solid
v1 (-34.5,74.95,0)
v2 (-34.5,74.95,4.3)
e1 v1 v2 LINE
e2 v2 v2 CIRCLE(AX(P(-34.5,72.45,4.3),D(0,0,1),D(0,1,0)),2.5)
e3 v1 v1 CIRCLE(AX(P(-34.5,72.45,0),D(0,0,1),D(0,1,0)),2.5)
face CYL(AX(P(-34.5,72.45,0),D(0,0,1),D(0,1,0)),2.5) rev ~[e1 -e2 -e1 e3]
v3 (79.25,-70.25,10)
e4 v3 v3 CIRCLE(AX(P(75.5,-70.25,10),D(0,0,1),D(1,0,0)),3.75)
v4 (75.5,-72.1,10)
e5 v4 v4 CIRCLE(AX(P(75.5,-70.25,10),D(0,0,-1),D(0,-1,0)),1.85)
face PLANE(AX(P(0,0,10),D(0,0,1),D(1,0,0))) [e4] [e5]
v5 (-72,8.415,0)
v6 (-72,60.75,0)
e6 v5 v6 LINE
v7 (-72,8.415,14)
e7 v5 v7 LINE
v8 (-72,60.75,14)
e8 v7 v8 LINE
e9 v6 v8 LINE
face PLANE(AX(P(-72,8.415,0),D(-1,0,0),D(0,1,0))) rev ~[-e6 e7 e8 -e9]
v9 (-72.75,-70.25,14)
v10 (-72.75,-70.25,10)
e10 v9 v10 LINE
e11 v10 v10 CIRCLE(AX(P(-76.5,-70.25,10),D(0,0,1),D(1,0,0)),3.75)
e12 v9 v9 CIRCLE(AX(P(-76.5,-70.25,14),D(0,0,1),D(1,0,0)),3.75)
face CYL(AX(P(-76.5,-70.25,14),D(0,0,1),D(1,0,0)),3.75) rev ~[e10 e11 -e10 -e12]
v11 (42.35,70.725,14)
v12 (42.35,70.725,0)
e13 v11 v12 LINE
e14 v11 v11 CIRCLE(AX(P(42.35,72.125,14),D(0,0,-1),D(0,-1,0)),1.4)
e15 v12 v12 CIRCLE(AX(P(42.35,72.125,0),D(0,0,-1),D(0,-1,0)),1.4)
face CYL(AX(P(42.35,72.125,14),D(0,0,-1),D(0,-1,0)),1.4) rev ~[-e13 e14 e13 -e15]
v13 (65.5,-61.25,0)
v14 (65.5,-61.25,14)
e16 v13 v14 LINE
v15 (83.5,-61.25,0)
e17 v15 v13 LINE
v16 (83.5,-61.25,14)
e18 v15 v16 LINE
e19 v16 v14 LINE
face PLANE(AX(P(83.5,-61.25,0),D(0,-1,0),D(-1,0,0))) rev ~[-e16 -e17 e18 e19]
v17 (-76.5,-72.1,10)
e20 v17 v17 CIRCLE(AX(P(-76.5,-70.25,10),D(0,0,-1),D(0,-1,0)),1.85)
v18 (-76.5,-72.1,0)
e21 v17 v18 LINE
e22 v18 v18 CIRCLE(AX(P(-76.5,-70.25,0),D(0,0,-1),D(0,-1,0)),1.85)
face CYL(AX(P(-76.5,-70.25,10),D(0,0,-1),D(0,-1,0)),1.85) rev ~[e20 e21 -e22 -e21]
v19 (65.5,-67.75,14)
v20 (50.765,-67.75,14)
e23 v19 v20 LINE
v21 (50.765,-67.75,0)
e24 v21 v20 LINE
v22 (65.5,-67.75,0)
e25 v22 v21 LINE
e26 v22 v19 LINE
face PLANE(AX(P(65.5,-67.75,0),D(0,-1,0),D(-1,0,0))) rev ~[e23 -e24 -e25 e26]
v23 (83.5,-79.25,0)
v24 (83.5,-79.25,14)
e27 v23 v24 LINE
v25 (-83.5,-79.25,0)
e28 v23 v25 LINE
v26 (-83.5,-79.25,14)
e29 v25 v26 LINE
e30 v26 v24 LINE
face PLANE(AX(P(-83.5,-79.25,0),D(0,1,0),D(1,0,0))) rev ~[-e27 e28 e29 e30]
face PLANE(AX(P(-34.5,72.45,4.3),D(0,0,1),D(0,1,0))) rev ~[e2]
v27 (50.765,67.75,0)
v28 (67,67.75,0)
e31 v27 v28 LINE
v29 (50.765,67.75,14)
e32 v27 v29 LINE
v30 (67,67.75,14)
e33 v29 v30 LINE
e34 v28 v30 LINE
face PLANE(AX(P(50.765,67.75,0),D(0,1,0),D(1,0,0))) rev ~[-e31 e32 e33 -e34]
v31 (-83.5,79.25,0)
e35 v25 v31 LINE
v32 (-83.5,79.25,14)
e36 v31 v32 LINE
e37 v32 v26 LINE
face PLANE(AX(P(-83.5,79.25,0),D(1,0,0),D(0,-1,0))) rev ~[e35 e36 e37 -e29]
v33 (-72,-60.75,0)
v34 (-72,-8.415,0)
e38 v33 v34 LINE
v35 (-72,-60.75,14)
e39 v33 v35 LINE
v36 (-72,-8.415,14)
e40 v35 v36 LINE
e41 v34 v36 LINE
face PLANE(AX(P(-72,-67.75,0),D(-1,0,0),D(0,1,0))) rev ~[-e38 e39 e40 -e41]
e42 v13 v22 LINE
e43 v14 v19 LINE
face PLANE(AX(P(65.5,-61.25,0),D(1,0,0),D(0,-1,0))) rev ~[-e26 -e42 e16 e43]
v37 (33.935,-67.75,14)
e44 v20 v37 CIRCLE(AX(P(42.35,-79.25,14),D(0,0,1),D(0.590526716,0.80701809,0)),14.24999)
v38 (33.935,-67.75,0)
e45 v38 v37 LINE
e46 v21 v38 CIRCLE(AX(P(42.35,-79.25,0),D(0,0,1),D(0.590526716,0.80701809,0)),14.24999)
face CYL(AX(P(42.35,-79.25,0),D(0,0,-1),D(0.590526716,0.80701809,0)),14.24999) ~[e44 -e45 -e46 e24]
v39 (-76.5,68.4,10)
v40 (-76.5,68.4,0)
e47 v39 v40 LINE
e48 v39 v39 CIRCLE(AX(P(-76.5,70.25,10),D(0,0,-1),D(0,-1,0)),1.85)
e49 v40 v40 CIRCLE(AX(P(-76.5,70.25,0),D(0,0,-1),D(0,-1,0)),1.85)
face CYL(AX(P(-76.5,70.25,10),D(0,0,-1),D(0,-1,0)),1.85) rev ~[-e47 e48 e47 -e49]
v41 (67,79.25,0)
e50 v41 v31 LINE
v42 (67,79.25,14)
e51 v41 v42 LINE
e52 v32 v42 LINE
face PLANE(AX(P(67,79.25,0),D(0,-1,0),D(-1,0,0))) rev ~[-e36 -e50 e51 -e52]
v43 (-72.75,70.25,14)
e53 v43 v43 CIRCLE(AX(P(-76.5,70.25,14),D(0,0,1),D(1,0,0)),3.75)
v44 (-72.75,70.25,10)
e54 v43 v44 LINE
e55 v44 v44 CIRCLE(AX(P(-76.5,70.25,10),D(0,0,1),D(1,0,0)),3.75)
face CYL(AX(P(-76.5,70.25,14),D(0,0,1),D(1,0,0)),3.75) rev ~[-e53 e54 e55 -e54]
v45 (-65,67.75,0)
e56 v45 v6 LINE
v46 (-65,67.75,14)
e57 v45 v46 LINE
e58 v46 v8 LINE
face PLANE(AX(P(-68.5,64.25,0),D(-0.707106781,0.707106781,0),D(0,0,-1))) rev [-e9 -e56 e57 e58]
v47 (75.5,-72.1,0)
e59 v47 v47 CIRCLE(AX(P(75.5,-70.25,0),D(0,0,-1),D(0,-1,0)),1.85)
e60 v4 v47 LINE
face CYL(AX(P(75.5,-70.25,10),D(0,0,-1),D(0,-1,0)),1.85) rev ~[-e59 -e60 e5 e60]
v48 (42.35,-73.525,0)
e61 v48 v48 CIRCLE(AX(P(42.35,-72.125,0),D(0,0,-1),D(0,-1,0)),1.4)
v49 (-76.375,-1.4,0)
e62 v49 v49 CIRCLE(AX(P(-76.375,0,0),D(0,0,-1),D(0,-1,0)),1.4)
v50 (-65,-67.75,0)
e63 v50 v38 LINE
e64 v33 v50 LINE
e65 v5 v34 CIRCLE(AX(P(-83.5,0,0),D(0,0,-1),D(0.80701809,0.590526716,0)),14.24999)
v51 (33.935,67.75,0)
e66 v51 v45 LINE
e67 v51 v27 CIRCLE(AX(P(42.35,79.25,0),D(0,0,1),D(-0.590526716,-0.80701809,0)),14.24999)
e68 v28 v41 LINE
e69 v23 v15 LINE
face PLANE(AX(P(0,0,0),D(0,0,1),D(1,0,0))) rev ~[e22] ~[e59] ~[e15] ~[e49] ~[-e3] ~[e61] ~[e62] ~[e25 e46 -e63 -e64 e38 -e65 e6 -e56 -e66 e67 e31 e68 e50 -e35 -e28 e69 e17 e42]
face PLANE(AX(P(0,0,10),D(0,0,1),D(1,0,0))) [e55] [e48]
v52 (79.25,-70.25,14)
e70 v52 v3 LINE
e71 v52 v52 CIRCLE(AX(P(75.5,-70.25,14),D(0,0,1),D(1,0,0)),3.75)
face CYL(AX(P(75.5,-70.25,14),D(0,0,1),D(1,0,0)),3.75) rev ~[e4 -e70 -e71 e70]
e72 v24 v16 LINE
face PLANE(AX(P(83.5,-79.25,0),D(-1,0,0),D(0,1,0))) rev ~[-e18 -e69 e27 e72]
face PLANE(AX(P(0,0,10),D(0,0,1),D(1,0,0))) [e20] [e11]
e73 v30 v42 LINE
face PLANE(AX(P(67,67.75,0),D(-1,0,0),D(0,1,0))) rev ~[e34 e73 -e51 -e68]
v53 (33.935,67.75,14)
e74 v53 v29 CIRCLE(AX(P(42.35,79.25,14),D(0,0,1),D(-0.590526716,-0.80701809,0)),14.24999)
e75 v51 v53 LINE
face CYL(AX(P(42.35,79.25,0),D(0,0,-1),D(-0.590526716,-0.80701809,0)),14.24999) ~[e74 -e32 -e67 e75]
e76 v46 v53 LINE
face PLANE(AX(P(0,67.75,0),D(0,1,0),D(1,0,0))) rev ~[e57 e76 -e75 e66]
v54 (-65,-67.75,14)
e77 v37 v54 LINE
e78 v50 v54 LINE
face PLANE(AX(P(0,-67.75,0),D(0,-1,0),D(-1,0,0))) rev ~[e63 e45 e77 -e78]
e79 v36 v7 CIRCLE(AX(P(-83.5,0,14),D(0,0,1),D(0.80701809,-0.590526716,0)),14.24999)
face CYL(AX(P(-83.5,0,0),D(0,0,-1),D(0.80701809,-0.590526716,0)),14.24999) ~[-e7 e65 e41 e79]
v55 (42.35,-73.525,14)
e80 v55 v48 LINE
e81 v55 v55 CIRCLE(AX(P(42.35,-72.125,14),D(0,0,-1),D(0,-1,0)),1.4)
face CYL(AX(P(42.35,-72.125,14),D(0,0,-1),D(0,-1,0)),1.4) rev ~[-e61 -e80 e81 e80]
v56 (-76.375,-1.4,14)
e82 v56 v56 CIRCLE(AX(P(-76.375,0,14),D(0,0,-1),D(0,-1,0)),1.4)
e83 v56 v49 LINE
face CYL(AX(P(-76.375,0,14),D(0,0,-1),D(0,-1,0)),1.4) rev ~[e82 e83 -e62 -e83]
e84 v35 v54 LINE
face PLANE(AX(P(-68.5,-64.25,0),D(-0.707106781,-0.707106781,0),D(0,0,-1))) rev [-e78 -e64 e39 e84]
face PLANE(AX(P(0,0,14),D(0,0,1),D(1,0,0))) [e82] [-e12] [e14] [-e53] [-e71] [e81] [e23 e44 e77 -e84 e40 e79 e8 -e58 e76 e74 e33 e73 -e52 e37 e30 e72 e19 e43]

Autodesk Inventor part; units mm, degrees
ref_plane "YZ Plane" through (0, 0, 0) normal (1, 0, 0) x (0, 1, 0)
ref_plane "XZ Plane" through (0, 0, 0) normal (0, 1, 0) x (-1, 0, 0)
ref_plane "XY Plane" through (0, 0, 0) normal (0, 0, 1) x (1, 0, 0)
sketch "Náčrt1" plane through (0, 0, 0) normal (0, 0, 1) x (1, 0, 0)
  line L0 (0, 110.95) -> (0, -110.95) projected
  line L1 (-116.9, 0) -> (116.9, 0) projected
  line L2 (67, 79.25) -> (-83.5, 79.25)
  line L3 (-83.5, 79.25) -> (-83.5, -79.25)
  line L4 (-83.5, -79.25) -> (83.5, -79.25)
  line L5 (83.5, -79.25) -> (83.5, -61.25)
  line L6 (83.5, -61.25) -> (65.5, -61.25)
  line L7 (65.5, -61.25) -> (65.5, -67.75)
  line L8 (65.5, -67.75) -> (-72, -67.75)
  line L9 (-72, -67.75) -> (-72, 67.75)
  line L10 (-72, 67.75) -> (67, 67.75)
  line L11 (67, 67.75) -> (67, 79.25)
  arc A0 (-72, -8.415) -> (-72, 8.415) centre (-83.5, 0) ccw
  arc A1 (33.935, 67.75) -> (50.765, 67.75) centre (42.35, 79.25) ccw
  arc A2 (50.765, -67.75) -> (33.935, -67.75) centre (42.35, -79.25) ccw
  point P0 (0, 0)
  dimension "d0" = 11.5
  dimension "d1" = 11.5
  dimension "d2" = 11.5
  dimension "d3" = 150.5
  dimension "d4" = 158.5
  dimension "d5" = 167
  dimension "d6" = 18
  dimension "d7" = 18
  dimension "d8" = 83.5
  dimension "d32" = 28.5
  dimension "d33" = 28.5
  dimension "d35" = 42.35
  dimension "d36" = 42.35
  dimension "d37" = 14.25
extrude "Vysunutí1" add sketch "Náčrt1" along normal blind 14 contours L2 L11 L10 L0 | L0 L10 L9 L1 L3 L2 | L10 A1 | L1 L9 L8 L0 L4 L3 | L8 L7 L6 L5 L4 L0 | A0 L9 L1 | L1 L9 A0 | A2 L8
chamfer "Zkosení1" distance 7 angle 45 2 edges at (-72, 67.75, 7) (-72, -67.75, 7)
sketch "Náčrt2" plane through (0, 0, 14) normal (0, 0, 1) x (1, 0, 0)
  line L0 (67, 79.25) -> (-83.5, 79.25) projected
  line L1 (-83.5, 79.25) -> (-83.5, -79.25) projected
  line L2 (-83.5, -79.25) -> (83.5, -79.25) projected
  line L3 (83.5, -79.25) -> (83.5, -61.25) projected
  line L4 (83.5, -61.25) -> (65.5, -61.25) projected
  line L5 (65.5, -61.25) -> (65.5, -67.75) projected
  line L6 (65.5, -67.75) -> (50.765, -67.75) projected
  line L7 (-72, -60.75) -> (-65, -67.75) projected
  line L8 (-72, -60.75) -> (-72, -8.415) projected
  line L9 (-65, 67.75) -> (-72, 60.75) projected
  line L10 (-65, 67.75) -> (33.935, 67.75) projected
  line L11 (67, 67.75) -> (67, 79.25) projected
  line L12 (0, 110.95) -> (0, -110.95) projected
  line L13 (-116.9, 0) -> (116.9, 0) projected
  circle A0 centre (-76.5, 70.25) radius 3.75
  circle A1 centre (-76.5, -70.25) radius 3.75
  circle A2 centre (75.5, -70.25) radius 3.75
  arc A3 (50.765, -67.75) -> (33.935, -67.75) centre (42.35, -79.25) ccw projected
  line L14 (33.935, -67.75) -> (-65, -67.75) projected
  arc A4 (-72, -8.415) -> (-72, 8.415) centre (-83.5, 0) ccw projected
  line L15 (-72, 8.415) -> (-72, 60.75) projected
  arc A5 (33.935, 67.75) -> (50.765, 67.75) centre (42.35, 79.25) ccw projected
  line L16 (50.765, 67.75) -> (67, 67.75) projected
  point P0 (0, 0)
  dimension "d14" = 7.5
  dimension "d15" = 7.5
  dimension "d16" = 7.5
  dimension "d17" = 9
  dimension "d18" = 9
  dimension "d19" = 9
  dimension "d20" = 7
  dimension "d21" = 7
  dimension "d22" = 8
extrude "Vysunutí2" cut sketch "Náčrt2" against normal blind 4 contours A0 | A1 | A2
sketch "Náčrt3" plane through (-76.5, 70.25, 10) normal (0, 0, 1) x (1, 0, 0)
  circle A0 centre (0, 0) radius 3.75 projected
  circle A1 centre (0, -140.5) radius 3.75 projected
  circle A2 centre (152, -140.5) radius 3.75 projected
  circle A3 centre (0, 0) radius 3.75 projected
  point P0 (76.5, -70.25)
hole "Díra1" at (-76.5, 70.25, 10) at (-76.5, -70.25, 10) at (75.5, -70.25, 10) direction (0, 0, -1) diameter 3.7 end through all
sketch "Náčrt4" plane through (0, 0, 0) normal (0, 0, -1) x (-1, 0, 0)
  circle A0 centre (76.5, -70.25) radius 1.85 projected
  circle A1 centre (76.5, 70.25) radius 1.85 projected
  circle A2 centre (-75.5, -70.25) radius 1.85 projected
  line L0 (-67, 79.25) -> (83.5, 79.25) projected
  line L1 (-67, 67.75) -> (-67, 79.25) projected
  line L2 (-50.765, 67.75) -> (-67, 67.75) projected
  arc A3 (-50.765, 67.75) -> (-33.935, 67.75) centre (-42.35, 79.25) ccw projected
  line L3 (65, 67.75) -> (-33.935, 67.75) projected
  line L4 (72, 60.75) -> (65, 67.75) projected
  line L5 (72, 8.415) -> (72, 60.75) projected
  arc A4 (72, 8.415) -> (72, -8.415) centre (83.5, 0) ccw projected
  line L6 (72, -60.75) -> (72, -8.415) projected
  line L7 (65, -67.75) -> (72, -60.75) projected
  line L8 (-33.935, -67.75) -> (65, -67.75) projected
  arc A5 (-33.935, -67.75) -> (-50.765, -67.75) centre (-42.35, -79.25) ccw projected
  line L9 (-65.5, -67.75) -> (-50.765, -67.75) projected
  line L10 (-65.5, -61.25) -> (-65.5, -67.75) projected
  line L11 (-83.5, -61.25) -> (-65.5, -61.25) projected
  line L12 (-83.5, -79.25) -> (-83.5, -61.25) projected
  line L13 (83.5, -79.25) -> (-83.5, -79.25) projected
  line L14 (83.5, 79.25) -> (83.5, -79.25) projected
  line L15 (0, -110.95) -> (0, 110.95) projected
  line L16 (-116.9, 0) -> (116.9, 0) projected
  point P0 (0, 0)
  point P1 (34.5, 72.45)
  dimension "d38" = 49
  dimension "d39" = 6.8
hole "Díra2" at (-34.5, 72.45, 0) direction (0, 0, 1) diameter 5 depth 4.3
sketch "Náčrt5" plane through (0, 0, 14) normal (0, 0, 1) x (1, 0, 0)
  arc A0 (33.935, 67.75) -> (50.765, 67.75) centre (42.35, 79.25) ccw projected
  arc A1 (-72, -8.415) -> (-72, 8.415) centre (-83.5, 0) ccw projected
  arc A2 (50.765, -67.75) -> (33.935, -67.75) centre (42.35, -79.25) ccw projected
  line L0 (-116.9, 0) -> (116.9, 0) projected
  line L1 (0, 110.95) -> (0, -110.95) projected
  circle A3 centre (75.5, -70.25) radius 3.75 projected
  circle A4 centre (-76.5, -70.25) radius 3.75 projected
  circle A5 centre (-76.5, 70.25) radius 3.75 projected
  line L2 (67, 79.25) -> (-83.5, 79.25) projected
  line L3 (-83.5, 79.25) -> (-83.5, -79.25) projected
  line L4 (-83.5, -79.25) -> (83.5, -79.25) projected
  line L5 (83.5, -79.25) -> (83.5, -61.25) projected
  line L6 (83.5, -61.25) -> (65.5, -61.25) projected
  line L7 (65.5, -61.25) -> (65.5, -67.75) projected
  line L8 (65.5, -67.75) -> (50.765, -67.75) projected
  arc A6 (50.765, -67.75) -> (33.935, -67.75) centre (42.35, -79.25) ccw projected
  line L9 (33.935, -67.75) -> (-65, -67.75) projected
  line L10 (-72, -60.75) -> (-65, -67.75) projected
  line L11 (-72, -60.75) -> (-72, -8.415) projected
  arc A7 (-72, -8.415) -> (-72, 8.415) centre (-83.5, 0) ccw projected
  line L12 (-72, 8.415) -> (-72, 60.75) projected
  line L13 (-65, 67.75) -> (-72, 60.75) projected
  line L14 (-65, 67.75) -> (33.935, 67.75) projected
  arc A8 (33.935, 67.75) -> (50.765, 67.75) centre (42.35, 79.25) ccw projected
  line L15 (50.765, 67.75) -> (67, 67.75) projected
  line L16 (67, 67.75) -> (67, 79.25) projected
  point P0 (0, 0)
  point P1 (-76.375, 0)
  point P2 (42.35, 72.125)
  point P3 (42.35, -72.125)
  dimension "d47" = 7.125
  dimension "d48" = 42.35
  dimension "d49" = 7.125
  dimension "d50" = 42.35
  dimension "d51" = 7.125
hole "Díra3" at (-76.375, 0, 14) at (42.35, 72.125, 14) at (42.35, -72.125, 14) direction (0, 0, -1) diameter 2.8 depth 14
equation "\"d49\" = d47"
equation "\"d51\" = d47"
properties part number "display_cover_part2" material "Polystyren"
